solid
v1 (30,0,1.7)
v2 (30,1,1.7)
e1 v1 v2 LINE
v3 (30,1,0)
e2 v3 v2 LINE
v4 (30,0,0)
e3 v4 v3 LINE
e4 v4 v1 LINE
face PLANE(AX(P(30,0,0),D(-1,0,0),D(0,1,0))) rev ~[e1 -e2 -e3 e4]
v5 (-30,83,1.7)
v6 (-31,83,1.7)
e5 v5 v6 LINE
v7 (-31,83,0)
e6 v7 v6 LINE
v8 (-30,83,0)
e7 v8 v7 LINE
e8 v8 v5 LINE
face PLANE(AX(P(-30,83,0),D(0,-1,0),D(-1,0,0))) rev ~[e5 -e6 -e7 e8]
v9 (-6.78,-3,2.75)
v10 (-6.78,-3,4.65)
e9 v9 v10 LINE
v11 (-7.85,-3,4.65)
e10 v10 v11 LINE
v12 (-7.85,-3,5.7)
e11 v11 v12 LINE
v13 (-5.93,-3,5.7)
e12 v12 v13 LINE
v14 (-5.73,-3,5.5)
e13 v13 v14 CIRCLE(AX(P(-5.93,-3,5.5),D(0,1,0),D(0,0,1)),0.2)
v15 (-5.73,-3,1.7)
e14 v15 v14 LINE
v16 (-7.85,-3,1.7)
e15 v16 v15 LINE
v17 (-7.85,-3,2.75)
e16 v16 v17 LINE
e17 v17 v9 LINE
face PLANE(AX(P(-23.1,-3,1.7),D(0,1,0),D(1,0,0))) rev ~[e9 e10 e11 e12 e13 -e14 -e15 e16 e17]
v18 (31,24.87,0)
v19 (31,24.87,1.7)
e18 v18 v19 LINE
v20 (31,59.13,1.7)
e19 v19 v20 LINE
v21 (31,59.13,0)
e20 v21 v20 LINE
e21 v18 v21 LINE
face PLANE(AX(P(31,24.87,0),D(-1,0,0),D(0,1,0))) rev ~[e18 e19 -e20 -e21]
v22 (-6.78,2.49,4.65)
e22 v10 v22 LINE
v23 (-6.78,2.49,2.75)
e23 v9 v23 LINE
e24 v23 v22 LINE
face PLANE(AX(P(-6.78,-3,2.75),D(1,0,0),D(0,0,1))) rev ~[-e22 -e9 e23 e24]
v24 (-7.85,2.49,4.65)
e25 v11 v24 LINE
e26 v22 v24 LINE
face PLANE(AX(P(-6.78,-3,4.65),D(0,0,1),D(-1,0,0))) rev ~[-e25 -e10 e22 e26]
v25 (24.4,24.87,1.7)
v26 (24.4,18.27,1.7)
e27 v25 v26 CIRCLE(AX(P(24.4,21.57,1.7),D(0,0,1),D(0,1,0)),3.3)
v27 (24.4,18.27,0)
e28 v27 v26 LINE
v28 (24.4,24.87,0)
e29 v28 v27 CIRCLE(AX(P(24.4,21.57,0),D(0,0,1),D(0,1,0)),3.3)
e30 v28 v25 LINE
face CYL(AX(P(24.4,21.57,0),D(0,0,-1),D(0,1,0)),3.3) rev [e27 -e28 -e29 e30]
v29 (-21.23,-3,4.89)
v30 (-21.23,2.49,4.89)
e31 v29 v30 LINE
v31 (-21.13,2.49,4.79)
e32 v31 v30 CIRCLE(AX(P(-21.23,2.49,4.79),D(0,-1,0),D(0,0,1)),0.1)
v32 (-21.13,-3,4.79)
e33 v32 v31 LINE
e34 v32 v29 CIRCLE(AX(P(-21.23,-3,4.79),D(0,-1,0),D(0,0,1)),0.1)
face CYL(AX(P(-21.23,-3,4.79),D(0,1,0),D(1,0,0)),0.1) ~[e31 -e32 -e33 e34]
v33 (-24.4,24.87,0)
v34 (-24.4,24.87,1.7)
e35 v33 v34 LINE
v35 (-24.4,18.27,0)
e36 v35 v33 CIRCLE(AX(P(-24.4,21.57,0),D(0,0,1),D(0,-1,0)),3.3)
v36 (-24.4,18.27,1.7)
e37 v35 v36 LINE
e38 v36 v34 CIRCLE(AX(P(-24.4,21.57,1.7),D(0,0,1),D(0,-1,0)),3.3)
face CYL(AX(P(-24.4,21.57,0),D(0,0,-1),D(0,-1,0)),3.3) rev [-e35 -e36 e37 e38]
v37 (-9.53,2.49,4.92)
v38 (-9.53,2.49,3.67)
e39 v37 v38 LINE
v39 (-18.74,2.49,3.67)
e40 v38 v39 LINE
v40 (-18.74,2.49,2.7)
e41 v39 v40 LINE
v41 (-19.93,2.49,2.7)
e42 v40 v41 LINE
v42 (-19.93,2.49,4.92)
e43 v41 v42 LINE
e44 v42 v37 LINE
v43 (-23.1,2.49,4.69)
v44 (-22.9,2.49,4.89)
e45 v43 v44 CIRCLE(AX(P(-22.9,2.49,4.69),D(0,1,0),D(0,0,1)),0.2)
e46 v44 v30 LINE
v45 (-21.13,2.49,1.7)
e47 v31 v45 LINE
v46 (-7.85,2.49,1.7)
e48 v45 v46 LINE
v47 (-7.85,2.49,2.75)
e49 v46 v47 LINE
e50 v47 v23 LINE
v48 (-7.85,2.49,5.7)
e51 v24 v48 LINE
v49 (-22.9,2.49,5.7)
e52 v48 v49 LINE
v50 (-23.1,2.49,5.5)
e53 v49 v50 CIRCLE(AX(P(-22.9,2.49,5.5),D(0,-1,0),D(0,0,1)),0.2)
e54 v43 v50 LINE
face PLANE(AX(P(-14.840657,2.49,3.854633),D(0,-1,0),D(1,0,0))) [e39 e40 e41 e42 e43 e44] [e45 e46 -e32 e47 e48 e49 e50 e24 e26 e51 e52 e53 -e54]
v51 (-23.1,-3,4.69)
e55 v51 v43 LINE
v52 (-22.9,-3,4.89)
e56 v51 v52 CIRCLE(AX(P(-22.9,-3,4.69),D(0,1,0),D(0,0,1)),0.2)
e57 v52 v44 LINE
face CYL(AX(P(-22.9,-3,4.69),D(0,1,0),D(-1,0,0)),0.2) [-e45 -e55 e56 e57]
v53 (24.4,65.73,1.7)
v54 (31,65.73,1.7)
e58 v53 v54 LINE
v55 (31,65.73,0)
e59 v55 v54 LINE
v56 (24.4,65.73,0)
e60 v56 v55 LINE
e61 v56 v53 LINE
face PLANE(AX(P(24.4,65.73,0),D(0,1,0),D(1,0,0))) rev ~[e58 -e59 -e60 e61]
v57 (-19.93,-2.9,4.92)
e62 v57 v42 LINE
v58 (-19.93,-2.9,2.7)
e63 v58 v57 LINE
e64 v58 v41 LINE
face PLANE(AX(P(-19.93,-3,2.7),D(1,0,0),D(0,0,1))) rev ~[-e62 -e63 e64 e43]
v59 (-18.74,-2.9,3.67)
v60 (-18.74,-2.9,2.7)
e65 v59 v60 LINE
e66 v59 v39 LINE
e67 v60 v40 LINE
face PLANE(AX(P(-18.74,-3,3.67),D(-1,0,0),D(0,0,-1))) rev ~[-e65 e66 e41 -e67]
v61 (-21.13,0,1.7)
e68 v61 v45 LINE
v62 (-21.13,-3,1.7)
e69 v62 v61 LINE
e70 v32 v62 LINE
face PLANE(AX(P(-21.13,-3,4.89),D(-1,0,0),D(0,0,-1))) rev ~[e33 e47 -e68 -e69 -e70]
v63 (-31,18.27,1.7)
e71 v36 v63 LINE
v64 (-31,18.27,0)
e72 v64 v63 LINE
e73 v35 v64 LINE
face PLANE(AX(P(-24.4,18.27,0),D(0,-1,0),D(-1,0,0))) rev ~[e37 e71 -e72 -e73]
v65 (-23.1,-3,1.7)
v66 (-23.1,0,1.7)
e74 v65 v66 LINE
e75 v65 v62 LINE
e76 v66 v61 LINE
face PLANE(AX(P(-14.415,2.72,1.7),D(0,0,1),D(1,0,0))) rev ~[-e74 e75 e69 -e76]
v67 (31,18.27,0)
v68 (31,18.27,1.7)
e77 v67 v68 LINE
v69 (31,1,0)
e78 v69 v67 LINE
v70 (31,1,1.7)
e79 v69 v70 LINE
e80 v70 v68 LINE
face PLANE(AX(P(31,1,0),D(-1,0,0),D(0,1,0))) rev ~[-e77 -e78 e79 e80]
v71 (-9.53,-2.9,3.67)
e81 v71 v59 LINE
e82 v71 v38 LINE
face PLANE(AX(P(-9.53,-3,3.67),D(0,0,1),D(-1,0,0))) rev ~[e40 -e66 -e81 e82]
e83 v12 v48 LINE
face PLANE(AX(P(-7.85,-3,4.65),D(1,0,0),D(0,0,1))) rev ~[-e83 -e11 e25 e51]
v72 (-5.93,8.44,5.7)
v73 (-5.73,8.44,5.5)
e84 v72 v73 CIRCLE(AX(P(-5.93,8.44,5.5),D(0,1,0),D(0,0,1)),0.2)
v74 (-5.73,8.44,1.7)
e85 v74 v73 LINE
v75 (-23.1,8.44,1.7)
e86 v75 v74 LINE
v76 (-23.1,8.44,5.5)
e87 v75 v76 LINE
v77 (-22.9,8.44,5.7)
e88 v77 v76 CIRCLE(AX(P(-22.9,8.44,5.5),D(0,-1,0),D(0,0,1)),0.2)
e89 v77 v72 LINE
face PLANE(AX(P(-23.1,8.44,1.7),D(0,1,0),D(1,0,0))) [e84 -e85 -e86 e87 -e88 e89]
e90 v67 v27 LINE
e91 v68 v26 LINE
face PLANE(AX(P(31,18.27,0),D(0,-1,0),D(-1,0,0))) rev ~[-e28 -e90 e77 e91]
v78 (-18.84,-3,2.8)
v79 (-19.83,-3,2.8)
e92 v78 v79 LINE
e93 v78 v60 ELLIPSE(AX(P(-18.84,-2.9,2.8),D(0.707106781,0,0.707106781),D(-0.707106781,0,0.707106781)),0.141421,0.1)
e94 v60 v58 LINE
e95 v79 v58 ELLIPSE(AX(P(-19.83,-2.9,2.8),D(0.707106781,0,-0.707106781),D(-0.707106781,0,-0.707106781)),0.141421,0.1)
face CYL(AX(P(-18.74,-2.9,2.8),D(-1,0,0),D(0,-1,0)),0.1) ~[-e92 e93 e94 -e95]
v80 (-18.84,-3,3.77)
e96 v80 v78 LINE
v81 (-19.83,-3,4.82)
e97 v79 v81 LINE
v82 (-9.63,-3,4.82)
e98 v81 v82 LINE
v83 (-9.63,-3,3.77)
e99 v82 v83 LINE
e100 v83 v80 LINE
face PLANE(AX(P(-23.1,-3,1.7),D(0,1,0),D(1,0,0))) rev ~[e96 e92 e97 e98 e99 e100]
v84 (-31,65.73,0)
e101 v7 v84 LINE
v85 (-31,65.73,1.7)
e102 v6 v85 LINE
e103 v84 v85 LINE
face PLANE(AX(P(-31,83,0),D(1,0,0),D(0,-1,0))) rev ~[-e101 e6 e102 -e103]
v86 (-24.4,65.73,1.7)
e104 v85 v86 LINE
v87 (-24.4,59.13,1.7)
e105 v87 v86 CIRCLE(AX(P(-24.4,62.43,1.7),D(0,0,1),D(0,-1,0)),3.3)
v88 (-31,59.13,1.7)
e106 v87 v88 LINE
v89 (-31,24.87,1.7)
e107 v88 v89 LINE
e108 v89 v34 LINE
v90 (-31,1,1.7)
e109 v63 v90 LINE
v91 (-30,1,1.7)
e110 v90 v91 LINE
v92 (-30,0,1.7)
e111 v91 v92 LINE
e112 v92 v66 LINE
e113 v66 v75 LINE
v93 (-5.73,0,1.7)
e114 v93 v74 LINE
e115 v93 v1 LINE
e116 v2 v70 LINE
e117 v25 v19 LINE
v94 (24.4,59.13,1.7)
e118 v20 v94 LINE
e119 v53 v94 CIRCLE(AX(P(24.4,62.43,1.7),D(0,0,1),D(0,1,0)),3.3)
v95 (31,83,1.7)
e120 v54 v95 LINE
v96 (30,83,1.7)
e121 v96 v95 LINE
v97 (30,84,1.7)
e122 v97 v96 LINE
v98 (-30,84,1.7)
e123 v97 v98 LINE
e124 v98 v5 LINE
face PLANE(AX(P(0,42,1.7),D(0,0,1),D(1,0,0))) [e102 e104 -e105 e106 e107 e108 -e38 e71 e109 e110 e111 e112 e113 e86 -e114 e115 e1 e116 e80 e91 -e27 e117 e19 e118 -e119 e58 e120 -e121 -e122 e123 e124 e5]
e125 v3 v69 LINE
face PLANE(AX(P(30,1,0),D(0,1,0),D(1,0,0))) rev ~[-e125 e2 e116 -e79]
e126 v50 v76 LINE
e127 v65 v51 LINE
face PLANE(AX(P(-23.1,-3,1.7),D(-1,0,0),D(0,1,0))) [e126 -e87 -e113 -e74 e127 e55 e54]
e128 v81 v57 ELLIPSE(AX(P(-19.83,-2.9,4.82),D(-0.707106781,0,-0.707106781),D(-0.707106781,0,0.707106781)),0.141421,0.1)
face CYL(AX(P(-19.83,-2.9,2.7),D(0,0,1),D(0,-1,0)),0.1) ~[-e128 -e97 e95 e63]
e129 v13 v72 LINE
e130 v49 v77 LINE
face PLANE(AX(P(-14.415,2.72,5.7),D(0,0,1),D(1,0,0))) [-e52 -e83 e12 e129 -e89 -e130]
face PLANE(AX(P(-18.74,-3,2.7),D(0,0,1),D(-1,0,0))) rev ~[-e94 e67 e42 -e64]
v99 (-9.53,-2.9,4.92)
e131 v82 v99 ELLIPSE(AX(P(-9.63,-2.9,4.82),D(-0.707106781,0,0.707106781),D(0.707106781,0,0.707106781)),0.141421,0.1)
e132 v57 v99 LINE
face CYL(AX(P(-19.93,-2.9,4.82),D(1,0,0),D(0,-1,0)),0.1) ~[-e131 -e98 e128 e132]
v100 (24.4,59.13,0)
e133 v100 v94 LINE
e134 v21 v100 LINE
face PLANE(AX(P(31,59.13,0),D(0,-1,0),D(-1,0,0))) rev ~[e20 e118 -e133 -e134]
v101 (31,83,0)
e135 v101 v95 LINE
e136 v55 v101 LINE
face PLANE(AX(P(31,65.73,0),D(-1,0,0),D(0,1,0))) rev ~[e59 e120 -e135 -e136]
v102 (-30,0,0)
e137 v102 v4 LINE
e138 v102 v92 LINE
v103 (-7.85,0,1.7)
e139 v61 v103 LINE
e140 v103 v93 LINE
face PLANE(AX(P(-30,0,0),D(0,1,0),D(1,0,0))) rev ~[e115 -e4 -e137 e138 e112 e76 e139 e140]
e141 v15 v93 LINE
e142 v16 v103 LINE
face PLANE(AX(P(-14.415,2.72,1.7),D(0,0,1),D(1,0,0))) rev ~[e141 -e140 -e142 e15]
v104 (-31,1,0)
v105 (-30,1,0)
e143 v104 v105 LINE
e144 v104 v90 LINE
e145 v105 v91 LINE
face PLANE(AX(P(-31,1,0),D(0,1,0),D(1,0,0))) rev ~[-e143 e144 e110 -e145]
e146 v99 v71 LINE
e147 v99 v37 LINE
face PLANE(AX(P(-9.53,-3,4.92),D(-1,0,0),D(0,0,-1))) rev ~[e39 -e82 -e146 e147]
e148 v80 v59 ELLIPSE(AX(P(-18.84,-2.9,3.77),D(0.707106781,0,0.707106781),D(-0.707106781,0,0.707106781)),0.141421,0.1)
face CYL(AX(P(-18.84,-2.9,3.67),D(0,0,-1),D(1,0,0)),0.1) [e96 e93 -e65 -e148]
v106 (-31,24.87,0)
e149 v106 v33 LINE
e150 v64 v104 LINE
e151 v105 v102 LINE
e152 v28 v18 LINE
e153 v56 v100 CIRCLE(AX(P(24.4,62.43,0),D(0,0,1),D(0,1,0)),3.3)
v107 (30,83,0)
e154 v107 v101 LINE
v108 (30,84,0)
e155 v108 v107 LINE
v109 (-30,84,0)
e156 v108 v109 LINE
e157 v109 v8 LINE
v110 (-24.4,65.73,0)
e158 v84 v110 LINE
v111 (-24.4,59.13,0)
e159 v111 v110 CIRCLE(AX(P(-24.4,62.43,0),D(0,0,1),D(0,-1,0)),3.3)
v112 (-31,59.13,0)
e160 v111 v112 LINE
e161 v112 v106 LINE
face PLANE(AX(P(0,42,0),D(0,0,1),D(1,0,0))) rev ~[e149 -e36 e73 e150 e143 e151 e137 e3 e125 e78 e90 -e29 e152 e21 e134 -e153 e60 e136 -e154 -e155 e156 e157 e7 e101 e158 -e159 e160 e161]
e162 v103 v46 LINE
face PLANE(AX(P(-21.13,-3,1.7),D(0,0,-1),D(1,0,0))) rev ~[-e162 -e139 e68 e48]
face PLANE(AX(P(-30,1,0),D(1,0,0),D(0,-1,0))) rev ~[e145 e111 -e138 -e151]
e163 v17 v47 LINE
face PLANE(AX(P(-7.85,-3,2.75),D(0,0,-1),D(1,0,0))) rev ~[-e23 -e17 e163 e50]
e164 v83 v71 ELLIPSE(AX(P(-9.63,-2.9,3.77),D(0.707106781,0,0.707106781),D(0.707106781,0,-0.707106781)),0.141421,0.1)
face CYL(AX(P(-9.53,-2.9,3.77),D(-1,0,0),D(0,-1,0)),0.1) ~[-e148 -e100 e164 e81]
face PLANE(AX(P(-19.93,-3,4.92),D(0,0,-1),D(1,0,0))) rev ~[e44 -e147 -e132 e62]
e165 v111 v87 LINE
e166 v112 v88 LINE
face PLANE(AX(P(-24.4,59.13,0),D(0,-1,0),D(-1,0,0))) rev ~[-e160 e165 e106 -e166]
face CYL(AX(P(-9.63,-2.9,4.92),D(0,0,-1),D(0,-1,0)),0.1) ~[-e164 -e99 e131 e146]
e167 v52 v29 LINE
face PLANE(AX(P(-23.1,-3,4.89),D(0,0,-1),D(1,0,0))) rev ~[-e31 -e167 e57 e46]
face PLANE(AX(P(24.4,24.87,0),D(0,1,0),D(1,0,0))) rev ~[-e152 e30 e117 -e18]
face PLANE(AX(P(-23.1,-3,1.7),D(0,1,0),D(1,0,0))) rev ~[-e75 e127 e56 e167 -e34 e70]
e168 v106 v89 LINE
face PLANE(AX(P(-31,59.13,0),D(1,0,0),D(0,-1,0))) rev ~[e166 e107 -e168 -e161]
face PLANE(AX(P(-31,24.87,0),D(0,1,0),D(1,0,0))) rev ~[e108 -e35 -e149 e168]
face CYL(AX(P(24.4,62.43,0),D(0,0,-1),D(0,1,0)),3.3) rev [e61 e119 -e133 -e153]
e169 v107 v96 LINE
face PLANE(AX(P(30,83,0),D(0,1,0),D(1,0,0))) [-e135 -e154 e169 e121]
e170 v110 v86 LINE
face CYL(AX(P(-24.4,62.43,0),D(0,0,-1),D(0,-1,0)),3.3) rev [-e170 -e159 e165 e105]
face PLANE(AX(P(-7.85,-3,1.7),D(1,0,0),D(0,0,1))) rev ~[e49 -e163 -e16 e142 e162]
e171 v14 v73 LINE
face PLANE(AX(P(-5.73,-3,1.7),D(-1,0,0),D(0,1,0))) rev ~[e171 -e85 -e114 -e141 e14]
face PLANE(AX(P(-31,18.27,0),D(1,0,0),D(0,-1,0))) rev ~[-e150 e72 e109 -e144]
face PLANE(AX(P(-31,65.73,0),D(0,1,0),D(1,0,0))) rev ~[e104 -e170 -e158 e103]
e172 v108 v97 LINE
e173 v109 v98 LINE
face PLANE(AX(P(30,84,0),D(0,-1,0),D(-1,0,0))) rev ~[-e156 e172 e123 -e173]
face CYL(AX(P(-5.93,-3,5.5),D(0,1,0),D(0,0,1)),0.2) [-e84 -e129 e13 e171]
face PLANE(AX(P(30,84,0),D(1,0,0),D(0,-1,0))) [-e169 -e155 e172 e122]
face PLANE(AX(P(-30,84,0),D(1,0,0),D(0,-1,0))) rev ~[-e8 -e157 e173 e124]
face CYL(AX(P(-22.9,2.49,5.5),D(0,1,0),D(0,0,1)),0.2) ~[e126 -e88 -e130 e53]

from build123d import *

# Parameters (mm, degrees)
PAD_DEPTH       = 1.7
SKETCH007_W     = 17.37
SKETCH007_H     = 11.44
PAD004_DEPTH    = 4
POCKET002_DEPTH = 5.49
FILLET004_R     = 0.2
FILLET005_R     = 0.2
FILLET006_R     = 0.2
FILLET011_R     = 0.1


with BuildPart() as part:
    # Sketch → Pad (new body)
    with BuildSketch(Plane.XY):
        with BuildLine():
            Line((0, 0), (30, 0))
            Line((30, 0), (30, 1))
            Line((30, 1), (31, 1))
            Line((31, 1), (31, 18.27))
            Line((31, 18.27), (24.4, 18.27))
            ThreePointArc((24.4, 24.87), (21.1, 21.57), (24.4, 18.27))
            Line((24.4, 24.87), (31, 24.87))
            Line((31, 24.87), (31, 59.13))
            Line((31, 59.13), (24.4, 59.13))
            ThreePointArc((24.4, 65.73), (21.1, 62.43), (24.4, 59.13))
            Line((24.4, 65.73), (31, 65.73))
            Line((31, 65.73), (31, 83))
            Line((30, 83), (31, 83))
            Line((30, 84), (30, 83))
            Line((30, 84), (0, 84))
            Line((0, 84), (-30, 84))
            Line((-30, 84), (-30, 83))
            Line((-30, 83), (-31, 83))
            Line((-31, 83), (-31, 65.73))
            Line((-31, 65.73), (-24.4, 65.73))
            ThreePointArc((-24.4, 59.13), (-21.1, 62.43), (-24.4, 65.73))
            Line((-24.4, 59.13), (-31, 59.13))
            Line((-31, 59.13), (-31, 24.87))
            Line((-31, 24.87), (-24.4, 24.87))
            ThreePointArc((-24.4, 18.27), (-21.1, 21.57), (-24.4, 24.87))
            Line((-24.4, 18.27), (-31, 18.27))
            Line((-31, 18.27), (-31, 1))
            Line((-31, 1), (-30, 1))
            Line((-30, 1), (-30, 0))
            Line((-30, 0), (0, 0))
        make_face()
    extrude(amount=PAD_DEPTH)

    # Sketch007 → Pad004 (new body)
    with BuildSketch(Plane.XY.offset(1.7)):
        with Locations((-14.415, 2.72)):
            Rectangle(SKETCH007_W, SKETCH007_H)
    extrude(amount=PAD004_DEPTH)

    # Sketch013 → Pocket002 (cut)
    with BuildSketch(Plane.XZ.offset(3)):
        Polygon((-23.1, 5.7), (-23.1, 4.89), (-21.13, 4.89), (-21.13, 1.7), (-7.85, 1.7), (-7.85, 2.75), (-6.78, 2.75), (-6.78, 4.65), (-7.85, 4.65), (-7.85, 5.7), align=None)
        Polygon((-19.93, 2.7), (-19.93, 4.92), (-9.53, 4.92), (-9.53, 3.67), (-18.74, 3.67), (-18.74, 2.7), align=None, mode=Mode.SUBTRACT)
    extrude(amount=-POCKET002_DEPTH, mode=Mode.SUBTRACT)

    # Fillet004
    fillet004_edges = [part.edges().sort_by_distance(p)[0] for p in [
        (-5.73, 2.72, 5.7),
    ]]
    fillet(fillet004_edges, radius=FILLET004_R)

    # Fillet005
    fillet005_edges = [part.edges().sort_by_distance(p)[0] for p in [
        (-23.1, 5.465, 5.7),
    ]]
    fillet(fillet005_edges, radius=FILLET005_R)

    # Fillet006
    fillet006_edges = [part.edges().sort_by_distance(p)[0] for p in [
        (-23.1, -0.255, 4.89),
    ]]
    fillet(fillet006_edges, radius=FILLET006_R)

    # Fillet011
    fillet011_edges = [part.edges().sort_by_distance(p)[0] for p in [
        (-21.13, -0.255, 4.89),
        (-19.335, -3, 2.7),
        (-19.93, -3, 3.81),
        (-14.73, -3, 4.92),
        (-9.53, -3, 4.295),
        (-14.135, -3, 3.67),
        (-18.74, -3, 3.185),
    ]]
    fillet(fillet011_edges, radius=FILLET011_R)


solid = part.part
